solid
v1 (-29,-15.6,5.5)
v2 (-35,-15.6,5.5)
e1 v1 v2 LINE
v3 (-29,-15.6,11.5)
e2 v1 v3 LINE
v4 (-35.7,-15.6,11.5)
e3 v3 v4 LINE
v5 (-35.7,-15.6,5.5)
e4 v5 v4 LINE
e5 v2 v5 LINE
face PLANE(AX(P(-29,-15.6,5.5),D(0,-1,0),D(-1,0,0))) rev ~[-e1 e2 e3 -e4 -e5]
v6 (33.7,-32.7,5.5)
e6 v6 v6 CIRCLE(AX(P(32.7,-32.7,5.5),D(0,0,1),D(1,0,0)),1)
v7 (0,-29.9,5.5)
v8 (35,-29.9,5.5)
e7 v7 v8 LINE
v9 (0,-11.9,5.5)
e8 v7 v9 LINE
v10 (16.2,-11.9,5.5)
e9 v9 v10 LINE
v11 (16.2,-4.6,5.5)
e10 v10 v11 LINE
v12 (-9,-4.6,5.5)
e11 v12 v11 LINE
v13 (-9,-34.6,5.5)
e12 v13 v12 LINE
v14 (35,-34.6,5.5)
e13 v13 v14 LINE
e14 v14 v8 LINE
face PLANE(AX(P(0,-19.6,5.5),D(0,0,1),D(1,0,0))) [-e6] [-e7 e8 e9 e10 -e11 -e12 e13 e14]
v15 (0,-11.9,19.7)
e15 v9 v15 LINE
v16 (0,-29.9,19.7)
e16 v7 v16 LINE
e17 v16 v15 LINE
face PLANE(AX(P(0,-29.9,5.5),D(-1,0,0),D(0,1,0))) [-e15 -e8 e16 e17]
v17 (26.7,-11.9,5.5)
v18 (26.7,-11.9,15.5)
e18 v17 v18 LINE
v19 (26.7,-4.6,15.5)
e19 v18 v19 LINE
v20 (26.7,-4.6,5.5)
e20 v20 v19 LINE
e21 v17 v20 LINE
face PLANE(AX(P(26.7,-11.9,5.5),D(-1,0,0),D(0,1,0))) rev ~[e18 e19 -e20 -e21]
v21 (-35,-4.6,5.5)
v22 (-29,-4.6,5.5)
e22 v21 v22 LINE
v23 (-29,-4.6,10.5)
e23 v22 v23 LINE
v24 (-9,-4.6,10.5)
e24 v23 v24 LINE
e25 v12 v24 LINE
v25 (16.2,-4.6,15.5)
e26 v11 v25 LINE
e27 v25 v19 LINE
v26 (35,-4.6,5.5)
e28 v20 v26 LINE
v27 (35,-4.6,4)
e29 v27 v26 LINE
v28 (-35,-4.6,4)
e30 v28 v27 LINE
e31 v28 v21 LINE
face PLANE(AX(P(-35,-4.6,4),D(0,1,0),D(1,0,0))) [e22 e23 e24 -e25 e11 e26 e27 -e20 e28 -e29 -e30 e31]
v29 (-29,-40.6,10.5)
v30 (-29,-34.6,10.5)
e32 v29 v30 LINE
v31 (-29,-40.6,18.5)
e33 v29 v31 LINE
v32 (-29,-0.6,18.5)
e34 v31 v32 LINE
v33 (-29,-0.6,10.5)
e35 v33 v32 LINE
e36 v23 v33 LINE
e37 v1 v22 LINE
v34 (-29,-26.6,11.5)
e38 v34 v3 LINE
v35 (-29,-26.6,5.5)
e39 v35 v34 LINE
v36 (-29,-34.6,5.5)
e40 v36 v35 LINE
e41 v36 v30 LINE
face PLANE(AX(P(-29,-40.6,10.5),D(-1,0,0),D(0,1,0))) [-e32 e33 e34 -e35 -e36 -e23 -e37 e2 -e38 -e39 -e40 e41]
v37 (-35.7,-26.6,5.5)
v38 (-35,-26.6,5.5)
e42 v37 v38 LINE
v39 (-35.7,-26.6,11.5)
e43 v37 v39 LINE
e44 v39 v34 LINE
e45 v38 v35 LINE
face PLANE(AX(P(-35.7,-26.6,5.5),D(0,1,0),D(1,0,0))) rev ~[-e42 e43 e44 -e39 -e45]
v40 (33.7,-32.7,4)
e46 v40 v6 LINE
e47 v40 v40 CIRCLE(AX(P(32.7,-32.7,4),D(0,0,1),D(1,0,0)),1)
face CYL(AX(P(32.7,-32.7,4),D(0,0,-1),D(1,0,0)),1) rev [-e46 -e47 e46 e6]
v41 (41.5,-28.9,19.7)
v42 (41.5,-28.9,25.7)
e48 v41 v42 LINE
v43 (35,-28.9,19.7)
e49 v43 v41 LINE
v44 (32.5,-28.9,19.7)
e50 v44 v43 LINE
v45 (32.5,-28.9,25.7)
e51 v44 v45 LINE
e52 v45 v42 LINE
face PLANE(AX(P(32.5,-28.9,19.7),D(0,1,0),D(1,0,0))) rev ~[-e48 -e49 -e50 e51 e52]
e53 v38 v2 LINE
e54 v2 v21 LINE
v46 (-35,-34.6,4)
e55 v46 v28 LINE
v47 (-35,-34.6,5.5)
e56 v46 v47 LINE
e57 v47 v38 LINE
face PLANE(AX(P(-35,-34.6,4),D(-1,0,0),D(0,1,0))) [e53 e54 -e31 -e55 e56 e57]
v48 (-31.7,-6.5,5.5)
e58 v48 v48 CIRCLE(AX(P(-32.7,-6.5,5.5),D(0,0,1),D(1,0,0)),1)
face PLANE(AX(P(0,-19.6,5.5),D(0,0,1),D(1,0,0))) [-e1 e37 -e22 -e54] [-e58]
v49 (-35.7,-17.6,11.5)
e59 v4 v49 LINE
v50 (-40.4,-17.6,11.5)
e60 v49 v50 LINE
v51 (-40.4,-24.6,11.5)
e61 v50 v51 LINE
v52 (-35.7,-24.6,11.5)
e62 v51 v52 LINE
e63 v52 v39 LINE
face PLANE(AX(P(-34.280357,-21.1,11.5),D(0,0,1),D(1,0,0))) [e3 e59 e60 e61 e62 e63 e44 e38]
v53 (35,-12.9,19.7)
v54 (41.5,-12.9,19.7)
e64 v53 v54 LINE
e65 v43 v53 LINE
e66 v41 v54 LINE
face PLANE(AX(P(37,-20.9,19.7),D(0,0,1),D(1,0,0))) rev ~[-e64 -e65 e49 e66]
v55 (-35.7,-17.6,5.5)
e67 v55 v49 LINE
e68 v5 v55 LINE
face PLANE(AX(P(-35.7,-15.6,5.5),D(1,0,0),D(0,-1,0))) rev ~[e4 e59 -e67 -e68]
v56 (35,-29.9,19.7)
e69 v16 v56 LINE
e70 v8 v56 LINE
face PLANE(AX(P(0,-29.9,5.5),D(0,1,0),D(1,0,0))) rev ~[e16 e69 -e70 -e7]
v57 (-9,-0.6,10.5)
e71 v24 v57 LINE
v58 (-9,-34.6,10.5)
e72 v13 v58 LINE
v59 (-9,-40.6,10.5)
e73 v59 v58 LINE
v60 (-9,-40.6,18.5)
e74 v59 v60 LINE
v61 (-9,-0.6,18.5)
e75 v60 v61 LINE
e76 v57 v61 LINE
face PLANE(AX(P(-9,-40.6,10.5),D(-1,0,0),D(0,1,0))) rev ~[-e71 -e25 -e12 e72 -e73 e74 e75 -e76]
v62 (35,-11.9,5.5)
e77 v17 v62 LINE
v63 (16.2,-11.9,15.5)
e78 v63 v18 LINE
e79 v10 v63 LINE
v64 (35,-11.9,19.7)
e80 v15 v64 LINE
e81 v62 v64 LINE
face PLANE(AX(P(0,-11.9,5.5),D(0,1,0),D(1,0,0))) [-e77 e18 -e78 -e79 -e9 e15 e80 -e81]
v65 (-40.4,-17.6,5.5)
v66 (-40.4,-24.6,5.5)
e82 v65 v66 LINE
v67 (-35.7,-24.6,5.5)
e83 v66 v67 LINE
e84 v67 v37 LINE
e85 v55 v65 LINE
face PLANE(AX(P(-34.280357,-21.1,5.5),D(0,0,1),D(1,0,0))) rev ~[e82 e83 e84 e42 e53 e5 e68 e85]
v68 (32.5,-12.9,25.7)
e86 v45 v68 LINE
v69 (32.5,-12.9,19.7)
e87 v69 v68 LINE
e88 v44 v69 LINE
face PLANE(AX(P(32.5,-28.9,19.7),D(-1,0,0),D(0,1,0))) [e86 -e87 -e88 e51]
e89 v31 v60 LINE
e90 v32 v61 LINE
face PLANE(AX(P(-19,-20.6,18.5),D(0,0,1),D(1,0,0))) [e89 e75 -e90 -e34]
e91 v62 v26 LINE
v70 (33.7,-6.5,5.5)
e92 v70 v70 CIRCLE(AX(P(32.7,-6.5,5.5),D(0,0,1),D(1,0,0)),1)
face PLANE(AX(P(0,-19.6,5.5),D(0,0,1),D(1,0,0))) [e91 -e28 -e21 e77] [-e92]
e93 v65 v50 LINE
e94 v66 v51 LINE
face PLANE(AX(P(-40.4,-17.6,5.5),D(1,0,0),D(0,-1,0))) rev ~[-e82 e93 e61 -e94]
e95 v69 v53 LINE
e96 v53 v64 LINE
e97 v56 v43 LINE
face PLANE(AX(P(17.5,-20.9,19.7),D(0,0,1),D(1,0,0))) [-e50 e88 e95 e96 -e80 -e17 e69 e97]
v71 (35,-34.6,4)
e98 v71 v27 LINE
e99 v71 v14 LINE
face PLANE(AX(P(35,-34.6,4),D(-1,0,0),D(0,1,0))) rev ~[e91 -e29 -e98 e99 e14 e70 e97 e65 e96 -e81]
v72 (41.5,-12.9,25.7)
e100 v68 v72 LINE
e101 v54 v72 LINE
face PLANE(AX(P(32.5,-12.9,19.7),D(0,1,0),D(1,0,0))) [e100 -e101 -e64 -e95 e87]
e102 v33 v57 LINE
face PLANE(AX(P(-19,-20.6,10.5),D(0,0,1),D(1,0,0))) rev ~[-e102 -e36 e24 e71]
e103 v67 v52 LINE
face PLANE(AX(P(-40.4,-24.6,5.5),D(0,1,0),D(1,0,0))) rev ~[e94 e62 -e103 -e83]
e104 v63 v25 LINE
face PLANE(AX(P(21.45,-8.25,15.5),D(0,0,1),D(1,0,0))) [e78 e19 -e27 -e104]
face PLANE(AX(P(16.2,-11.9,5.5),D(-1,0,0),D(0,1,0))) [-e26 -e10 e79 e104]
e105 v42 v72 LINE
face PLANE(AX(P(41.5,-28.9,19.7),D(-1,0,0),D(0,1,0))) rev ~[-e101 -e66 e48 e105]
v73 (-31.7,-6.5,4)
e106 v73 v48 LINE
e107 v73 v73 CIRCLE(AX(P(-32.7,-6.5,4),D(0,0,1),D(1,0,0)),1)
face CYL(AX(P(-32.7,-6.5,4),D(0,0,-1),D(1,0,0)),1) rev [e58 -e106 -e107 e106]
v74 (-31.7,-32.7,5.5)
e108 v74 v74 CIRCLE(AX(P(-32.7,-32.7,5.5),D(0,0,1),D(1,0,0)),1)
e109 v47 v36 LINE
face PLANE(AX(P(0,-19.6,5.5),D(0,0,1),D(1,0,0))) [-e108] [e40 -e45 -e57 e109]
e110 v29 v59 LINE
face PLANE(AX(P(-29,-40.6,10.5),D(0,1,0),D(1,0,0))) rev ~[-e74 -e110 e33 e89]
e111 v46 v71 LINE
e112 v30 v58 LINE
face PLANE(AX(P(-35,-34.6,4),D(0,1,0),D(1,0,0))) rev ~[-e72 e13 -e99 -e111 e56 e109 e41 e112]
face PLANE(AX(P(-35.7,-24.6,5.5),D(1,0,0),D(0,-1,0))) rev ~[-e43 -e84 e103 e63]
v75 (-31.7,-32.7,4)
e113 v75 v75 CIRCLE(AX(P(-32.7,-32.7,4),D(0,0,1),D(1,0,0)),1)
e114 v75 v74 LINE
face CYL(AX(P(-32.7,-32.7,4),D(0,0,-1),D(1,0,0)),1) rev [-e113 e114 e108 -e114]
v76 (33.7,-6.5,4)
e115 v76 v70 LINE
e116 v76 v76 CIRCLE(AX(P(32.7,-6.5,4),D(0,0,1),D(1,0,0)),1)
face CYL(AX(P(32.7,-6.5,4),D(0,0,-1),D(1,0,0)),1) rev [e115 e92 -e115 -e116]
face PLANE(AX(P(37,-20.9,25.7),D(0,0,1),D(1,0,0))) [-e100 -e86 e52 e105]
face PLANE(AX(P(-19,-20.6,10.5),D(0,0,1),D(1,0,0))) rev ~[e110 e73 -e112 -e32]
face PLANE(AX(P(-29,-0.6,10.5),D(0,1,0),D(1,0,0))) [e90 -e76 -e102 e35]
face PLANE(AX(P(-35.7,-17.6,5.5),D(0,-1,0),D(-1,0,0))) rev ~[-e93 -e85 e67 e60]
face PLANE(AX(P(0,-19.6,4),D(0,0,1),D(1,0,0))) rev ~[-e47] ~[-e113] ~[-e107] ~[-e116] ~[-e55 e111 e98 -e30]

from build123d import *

# Parameters (mm, degrees)
SKETCH002_W  = 70
SKETCH002_H  = 30
SKETCH002_R  = 1
PAD002_DEPTH = 1.5
SKETCH003_W  = 20
SKETCH003_H  = 30
PAD003_DEPTH = 5
SKETCH004_W  = 20
SKETCH004_H  = 40
PAD004_DEPTH = 8
SKETCH005_W  = 35
SKETCH005_H  = 18
PAD005_DEPTH = 14.2
SKETCH006_W  = 9
SKETCH006_H  = 16
PAD006_DEPTH = 6
SKETCH010_W  = 10.5
SKETCH010_H  = 7.3
PAD009_DEPTH = 10
PAD010_DEPTH = 6


with BuildPart() as part:
    # Sketch002 → Pad002 (new body)
    with BuildSketch(Plane.XY):
        Rectangle(SKETCH002_W, SKETCH002_H)
        with Locations((-32.7, 13.1)):
            Circle(SKETCH002_R, mode=Mode.SUBTRACT)
        with Locations((-32.7, -13.1)):
            Circle(SKETCH002_R, mode=Mode.SUBTRACT)
        with Locations((32.7, 13.1)):
            Circle(SKETCH002_R, mode=Mode.SUBTRACT)
        with Locations((32.7, -13.1)):
            Circle(SKETCH002_R, mode=Mode.SUBTRACT)
    extrude(amount=PAD002_DEPTH)

    # Sketch003 (on Face10 of Pad002) → Pad003 (join)
    with BuildSketch(Plane.XY.offset(1.5)):
        with Locations((-19, 0)):
            Rectangle(SKETCH003_W, SKETCH003_H)
    extrude(amount=PAD003_DEPTH)

    # Sketch004 (on Face15 of Pad003) → Pad004 (join)
    with BuildSketch(Plane.XY.offset(6.5)):
        with Locations((-19, -1)):
            Rectangle(SKETCH004_W, SKETCH004_H)
    extrude(amount=PAD004_DEPTH)

    # Sketch005 (on Face13 of Pad004) → Pad005 (join)
    with BuildSketch(Plane.XY.offset(1.5)):
        with Locations((17.5, -1.3)):
            Rectangle(SKETCH005_W, SKETCH005_H)
    extrude(amount=PAD005_DEPTH)

    # Sketch006 (on Face27 of Pad005) → Pad006 (join)
    with BuildSketch(Plane.XY.offset(15.7)):
        with Locations((37, -1.3)):
            Rectangle(SKETCH006_W, SKETCH006_H)
    extrude(amount=PAD006_DEPTH)

    # Sketch010 (on Face13 of Pad006) → Pad009 (join)
    with BuildSketch(Plane.XY.offset(1.5)):
        with Locations((21.45, 11.35)):
            Rectangle(SKETCH010_W, SKETCH010_H)
    extrude(amount=PAD009_DEPTH)

    # Sketch012 (on Face12 of Pad009) → Pad010 (join)
    with BuildSketch(Plane.XY.offset(1.5)):
        Polygon((-29, 4), (-35.7, 4), (-35.7, 2), (-40.4, 2), (-40.4, -5), (-35.7, -5), (-35.7, -7), (-29, -7), align=None)
    extrude(amount=PAD010_DEPTH)


with BuildPart() as part_1:
    # Body001 placement: moved
    add(part.part.moved(Location((0, -19.6, 4))))


solid = part_1.part
